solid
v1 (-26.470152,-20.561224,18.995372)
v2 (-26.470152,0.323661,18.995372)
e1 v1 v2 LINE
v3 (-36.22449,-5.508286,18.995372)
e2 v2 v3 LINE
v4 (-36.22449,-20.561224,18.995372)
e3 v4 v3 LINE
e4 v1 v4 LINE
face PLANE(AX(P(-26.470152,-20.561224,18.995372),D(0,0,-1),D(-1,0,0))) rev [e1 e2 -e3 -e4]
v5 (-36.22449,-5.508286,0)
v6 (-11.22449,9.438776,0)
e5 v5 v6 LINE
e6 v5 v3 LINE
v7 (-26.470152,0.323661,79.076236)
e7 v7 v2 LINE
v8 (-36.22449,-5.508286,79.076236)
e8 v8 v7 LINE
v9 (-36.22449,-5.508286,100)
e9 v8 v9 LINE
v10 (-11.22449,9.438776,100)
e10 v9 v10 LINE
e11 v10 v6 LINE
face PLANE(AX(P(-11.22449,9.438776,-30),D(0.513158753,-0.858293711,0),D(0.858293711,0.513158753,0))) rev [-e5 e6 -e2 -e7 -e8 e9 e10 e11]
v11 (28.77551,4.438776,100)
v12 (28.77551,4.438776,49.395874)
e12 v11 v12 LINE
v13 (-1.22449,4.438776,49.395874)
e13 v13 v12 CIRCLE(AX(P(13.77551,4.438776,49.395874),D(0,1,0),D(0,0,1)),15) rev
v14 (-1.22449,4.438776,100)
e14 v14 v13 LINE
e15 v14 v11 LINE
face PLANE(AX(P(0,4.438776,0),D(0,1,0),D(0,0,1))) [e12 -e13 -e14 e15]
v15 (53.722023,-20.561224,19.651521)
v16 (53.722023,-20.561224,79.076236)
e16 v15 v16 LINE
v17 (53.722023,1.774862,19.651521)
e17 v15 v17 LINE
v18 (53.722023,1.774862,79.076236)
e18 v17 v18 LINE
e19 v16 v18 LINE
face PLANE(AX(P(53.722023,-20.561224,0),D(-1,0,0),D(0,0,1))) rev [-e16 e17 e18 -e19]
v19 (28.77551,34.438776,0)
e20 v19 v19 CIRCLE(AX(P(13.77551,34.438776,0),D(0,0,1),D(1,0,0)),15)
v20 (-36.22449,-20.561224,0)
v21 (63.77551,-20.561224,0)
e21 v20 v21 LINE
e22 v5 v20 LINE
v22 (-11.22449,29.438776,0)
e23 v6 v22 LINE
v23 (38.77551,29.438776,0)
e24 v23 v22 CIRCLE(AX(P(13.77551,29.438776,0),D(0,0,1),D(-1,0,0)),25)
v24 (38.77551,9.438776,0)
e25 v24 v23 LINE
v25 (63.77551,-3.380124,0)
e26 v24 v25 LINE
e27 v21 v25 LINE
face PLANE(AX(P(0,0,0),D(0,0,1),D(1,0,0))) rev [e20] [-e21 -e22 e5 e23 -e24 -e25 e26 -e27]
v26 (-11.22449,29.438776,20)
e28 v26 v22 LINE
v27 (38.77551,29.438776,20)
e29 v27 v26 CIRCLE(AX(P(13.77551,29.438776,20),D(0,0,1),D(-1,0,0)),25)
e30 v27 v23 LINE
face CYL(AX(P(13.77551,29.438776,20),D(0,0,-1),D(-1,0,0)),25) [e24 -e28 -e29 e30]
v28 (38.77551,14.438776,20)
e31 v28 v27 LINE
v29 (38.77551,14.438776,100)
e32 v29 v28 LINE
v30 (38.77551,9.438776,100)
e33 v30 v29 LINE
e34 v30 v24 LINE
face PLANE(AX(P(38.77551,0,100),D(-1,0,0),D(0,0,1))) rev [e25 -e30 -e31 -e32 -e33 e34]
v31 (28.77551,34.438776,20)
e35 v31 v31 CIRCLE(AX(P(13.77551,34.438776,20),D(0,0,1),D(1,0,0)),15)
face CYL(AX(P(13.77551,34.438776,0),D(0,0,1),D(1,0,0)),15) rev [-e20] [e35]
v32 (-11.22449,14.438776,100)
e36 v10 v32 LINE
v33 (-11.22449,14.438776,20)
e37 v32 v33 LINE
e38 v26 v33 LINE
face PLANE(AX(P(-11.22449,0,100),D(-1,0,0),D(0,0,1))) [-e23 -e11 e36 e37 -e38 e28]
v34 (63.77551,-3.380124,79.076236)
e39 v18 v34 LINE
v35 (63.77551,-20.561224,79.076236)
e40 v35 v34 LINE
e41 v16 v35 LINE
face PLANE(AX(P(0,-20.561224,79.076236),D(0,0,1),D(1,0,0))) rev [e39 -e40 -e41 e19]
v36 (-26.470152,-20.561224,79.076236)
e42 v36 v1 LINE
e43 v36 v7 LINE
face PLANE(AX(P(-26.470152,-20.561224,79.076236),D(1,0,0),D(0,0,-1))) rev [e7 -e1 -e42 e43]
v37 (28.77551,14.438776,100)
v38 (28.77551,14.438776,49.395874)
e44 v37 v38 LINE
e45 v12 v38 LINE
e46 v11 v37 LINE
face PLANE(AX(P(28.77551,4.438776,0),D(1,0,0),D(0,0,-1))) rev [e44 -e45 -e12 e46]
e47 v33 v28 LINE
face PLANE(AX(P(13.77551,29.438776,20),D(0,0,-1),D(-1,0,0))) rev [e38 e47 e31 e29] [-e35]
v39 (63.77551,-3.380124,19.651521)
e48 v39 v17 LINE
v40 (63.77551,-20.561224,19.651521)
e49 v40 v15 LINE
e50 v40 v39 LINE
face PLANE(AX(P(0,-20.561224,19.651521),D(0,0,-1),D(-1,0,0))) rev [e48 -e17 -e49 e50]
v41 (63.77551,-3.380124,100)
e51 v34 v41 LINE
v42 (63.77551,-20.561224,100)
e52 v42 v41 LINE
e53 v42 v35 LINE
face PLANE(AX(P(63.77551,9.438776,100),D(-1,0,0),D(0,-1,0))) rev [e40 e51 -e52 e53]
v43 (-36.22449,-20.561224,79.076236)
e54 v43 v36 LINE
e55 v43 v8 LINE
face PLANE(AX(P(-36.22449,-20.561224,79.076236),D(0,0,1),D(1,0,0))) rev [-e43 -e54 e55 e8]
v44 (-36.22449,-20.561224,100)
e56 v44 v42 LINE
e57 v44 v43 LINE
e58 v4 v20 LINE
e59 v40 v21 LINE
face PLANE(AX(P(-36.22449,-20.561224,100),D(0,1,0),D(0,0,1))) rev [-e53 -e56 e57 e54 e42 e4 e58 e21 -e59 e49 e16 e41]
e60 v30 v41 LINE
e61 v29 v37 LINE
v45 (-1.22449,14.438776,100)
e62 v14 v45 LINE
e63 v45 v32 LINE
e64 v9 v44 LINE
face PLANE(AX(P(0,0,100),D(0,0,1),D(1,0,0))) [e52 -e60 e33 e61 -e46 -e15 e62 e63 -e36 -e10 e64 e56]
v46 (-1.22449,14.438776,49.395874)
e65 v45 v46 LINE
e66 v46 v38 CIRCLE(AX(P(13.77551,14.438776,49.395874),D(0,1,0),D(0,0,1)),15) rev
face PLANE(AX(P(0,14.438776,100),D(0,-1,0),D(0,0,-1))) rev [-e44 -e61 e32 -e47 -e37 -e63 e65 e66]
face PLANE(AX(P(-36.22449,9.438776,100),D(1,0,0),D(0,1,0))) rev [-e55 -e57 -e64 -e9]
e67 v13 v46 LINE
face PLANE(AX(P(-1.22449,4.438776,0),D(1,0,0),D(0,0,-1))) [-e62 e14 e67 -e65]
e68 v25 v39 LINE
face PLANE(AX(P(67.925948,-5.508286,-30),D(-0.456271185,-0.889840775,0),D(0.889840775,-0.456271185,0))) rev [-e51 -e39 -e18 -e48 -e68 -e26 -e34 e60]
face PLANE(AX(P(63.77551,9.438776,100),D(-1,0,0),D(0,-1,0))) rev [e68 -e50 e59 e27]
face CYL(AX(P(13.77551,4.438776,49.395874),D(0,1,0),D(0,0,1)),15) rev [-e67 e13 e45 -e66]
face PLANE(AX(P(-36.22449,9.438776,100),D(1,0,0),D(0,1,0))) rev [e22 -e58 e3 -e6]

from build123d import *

# Parameters (mm, degrees)
SKETCH1_W               = 100
SKETCH1_H               = 30
BOSS_EXTRUDE1_DEPTH     = 100
SKETCH2_W               = 50
SKETCH2_H               = 5
BOSS_EXTRUDE2_DEPTH     = 100
BOSS_EXTRUDE3_DEPTH     = 20
SKETCH4_R               = 15
CUT_EXTRUDE2_DEPTH      = 20
SKETCH5_W               = 9.754337327
SKETCH5_H               = 60.08086333
CUT_EXTRUDE3_DEPTH      = 55.43877551
CUT_EXTRUDE3_DEPTH_BACK = 21.56122449
SKETCH6_W               = 10.053487374
SKETCH6_H               = 59.424714791
CUT_EXTRUDE4_DEPTH      = 46
CUT_EXTRUDE4_DEPTH_BACK = 31
CUT_EXTRUDE5_DEPTH      = 10
CUT_EXTRUDE9_DEPTH      = 130
CUT_EXTRUDE11_DEPTH     = 130


with BuildPart() as part:
    # Sketch1 → Boss-Extrude1 (new body)
    with BuildSketch(Plane.XY):
        with Locations((13.775510204, -5.56122449)):
            Rectangle(SKETCH1_W, SKETCH1_H)
    extrude(amount=BOSS_EXTRUDE1_DEPTH)

    # Sketch2 → Boss-Extrude2 (add)
    with BuildSketch(Plane.XY):
        with Locations((13.775510204, 11.93877551)):
            Rectangle(SKETCH2_W, SKETCH2_H)
    extrude(amount=BOSS_EXTRUDE2_DEPTH)

    # Sketch3 → Boss-Extrude3 (add)
    with BuildSketch(Plane.XY):
        with BuildLine():
            Line((-11.224489796, 14.43877551), (38.775510204, 14.43877551))
            Line((38.775510204, 14.43877551), (38.775510204, 29.43877551))
            ThreePointArc((38.775510204, 29.43877551), (13.775510204, 54.43877551), (-11.224489796, 29.43877551))
            Line((-11.224489796, 29.43877551), (-11.224489796, 14.43877551))
        make_face()
    extrude(amount=BOSS_EXTRUDE3_DEPTH)

    # Sketch4 → Cut-Extrude2 (cut)
    with BuildSketch(Plane.XY.offset(20)):
        with Locations((13.775510204, 34.43877551)):
            Circle(SKETCH4_R)
    extrude(amount=-CUT_EXTRUDE2_DEPTH, mode=Mode.SUBTRACT)

    # Sketch5 → Cut-Extrude3 (cut, two sides)
    with BuildSketch(Plane(origin=(0, 0, 0), x_dir=(1, 0, 0), z_dir=(0, 1, 0))) as cut_extrude3_sk:
        with Locations((-31.347321132, -49.035804096)):
            Rectangle(SKETCH5_W, SKETCH5_H)
    extrude(amount=CUT_EXTRUDE3_DEPTH, mode=Mode.SUBTRACT)
    extrude(cut_extrude3_sk.sketch, amount=-CUT_EXTRUDE3_DEPTH_BACK, mode=Mode.SUBTRACT)

    # Sketch6 → Cut-Extrude4 (cut, two sides)
    with BuildSketch(Plane(origin=(0, 9.43877551, 0), x_dir=(1, 0, 0), z_dir=(0, 1, 0))) as cut_extrude4_sk:
        with Locations((58.748766517, -49.363878365)):
            Rectangle(SKETCH6_W, SKETCH6_H)
    extrude(amount=CUT_EXTRUDE4_DEPTH, mode=Mode.SUBTRACT)
    extrude(cut_extrude4_sk.sketch, amount=-CUT_EXTRUDE4_DEPTH_BACK, mode=Mode.SUBTRACT)

    # Sketch7 → Cut-Extrude5 (cut)
    with BuildSketch(Plane(origin=(0, 14.43877551, 0), x_dir=(1, 0, 0), z_dir=(0, 1, 0))):
        with BuildLine():
            Line((-1.224489796, -90), (-1.224489796, -100))
            Line((-1.224489796, -100), (28.775510204, -100))
            Line((28.775510204, -100), (28.775510204, -90))
            Line((28.775510204, -90), (28.775510204, -49.395873988))
            ThreePointArc((28.775510204, -49.395873988), (13.775510204, -34.395873988), (-1.224489796, -49.395873988))
            Line((-1.224489796, -49.395873988), (-1.224489796, -90))
        make_face()
    extrude(amount=-CUT_EXTRUDE5_DEPTH, mode=Mode.SUBTRACT)

    # Sketch8 → Cut-Extrude9 (cut)
    with BuildSketch(Plane.XY.offset(100)):
        Polygon((63.775510204, 3.25154294), (63.775510204, 9.43877551), (51.275510204, 9.43877551), align=None)
        Polygon((-36.224489796, 9.43877551), (-23.724489796, 9.43877551), (-36.224489796, 3.25154294), align=None)
    extrude(amount=-CUT_EXTRUDE9_DEPTH, mode=Mode.SUBTRACT)

    # Sketch9 → Cut-Extrude11 (cut)
    with BuildSketch(Plane.XY.offset(100)):
        Polygon((-11.224489796, 9.43877551), (-36.224489796, -5.508285905), (-36.224489796, 9.273925271), (-21.818059328, 14.371872445), align=None)
        Polygon((38.775510204, 9.43877551), (67.925947804, 9.43877551), (67.925947804, -5.508285905), align=None)
    extrude(amount=-CUT_EXTRUDE11_DEPTH, mode=Mode.SUBTRACT)


solid = part.part
